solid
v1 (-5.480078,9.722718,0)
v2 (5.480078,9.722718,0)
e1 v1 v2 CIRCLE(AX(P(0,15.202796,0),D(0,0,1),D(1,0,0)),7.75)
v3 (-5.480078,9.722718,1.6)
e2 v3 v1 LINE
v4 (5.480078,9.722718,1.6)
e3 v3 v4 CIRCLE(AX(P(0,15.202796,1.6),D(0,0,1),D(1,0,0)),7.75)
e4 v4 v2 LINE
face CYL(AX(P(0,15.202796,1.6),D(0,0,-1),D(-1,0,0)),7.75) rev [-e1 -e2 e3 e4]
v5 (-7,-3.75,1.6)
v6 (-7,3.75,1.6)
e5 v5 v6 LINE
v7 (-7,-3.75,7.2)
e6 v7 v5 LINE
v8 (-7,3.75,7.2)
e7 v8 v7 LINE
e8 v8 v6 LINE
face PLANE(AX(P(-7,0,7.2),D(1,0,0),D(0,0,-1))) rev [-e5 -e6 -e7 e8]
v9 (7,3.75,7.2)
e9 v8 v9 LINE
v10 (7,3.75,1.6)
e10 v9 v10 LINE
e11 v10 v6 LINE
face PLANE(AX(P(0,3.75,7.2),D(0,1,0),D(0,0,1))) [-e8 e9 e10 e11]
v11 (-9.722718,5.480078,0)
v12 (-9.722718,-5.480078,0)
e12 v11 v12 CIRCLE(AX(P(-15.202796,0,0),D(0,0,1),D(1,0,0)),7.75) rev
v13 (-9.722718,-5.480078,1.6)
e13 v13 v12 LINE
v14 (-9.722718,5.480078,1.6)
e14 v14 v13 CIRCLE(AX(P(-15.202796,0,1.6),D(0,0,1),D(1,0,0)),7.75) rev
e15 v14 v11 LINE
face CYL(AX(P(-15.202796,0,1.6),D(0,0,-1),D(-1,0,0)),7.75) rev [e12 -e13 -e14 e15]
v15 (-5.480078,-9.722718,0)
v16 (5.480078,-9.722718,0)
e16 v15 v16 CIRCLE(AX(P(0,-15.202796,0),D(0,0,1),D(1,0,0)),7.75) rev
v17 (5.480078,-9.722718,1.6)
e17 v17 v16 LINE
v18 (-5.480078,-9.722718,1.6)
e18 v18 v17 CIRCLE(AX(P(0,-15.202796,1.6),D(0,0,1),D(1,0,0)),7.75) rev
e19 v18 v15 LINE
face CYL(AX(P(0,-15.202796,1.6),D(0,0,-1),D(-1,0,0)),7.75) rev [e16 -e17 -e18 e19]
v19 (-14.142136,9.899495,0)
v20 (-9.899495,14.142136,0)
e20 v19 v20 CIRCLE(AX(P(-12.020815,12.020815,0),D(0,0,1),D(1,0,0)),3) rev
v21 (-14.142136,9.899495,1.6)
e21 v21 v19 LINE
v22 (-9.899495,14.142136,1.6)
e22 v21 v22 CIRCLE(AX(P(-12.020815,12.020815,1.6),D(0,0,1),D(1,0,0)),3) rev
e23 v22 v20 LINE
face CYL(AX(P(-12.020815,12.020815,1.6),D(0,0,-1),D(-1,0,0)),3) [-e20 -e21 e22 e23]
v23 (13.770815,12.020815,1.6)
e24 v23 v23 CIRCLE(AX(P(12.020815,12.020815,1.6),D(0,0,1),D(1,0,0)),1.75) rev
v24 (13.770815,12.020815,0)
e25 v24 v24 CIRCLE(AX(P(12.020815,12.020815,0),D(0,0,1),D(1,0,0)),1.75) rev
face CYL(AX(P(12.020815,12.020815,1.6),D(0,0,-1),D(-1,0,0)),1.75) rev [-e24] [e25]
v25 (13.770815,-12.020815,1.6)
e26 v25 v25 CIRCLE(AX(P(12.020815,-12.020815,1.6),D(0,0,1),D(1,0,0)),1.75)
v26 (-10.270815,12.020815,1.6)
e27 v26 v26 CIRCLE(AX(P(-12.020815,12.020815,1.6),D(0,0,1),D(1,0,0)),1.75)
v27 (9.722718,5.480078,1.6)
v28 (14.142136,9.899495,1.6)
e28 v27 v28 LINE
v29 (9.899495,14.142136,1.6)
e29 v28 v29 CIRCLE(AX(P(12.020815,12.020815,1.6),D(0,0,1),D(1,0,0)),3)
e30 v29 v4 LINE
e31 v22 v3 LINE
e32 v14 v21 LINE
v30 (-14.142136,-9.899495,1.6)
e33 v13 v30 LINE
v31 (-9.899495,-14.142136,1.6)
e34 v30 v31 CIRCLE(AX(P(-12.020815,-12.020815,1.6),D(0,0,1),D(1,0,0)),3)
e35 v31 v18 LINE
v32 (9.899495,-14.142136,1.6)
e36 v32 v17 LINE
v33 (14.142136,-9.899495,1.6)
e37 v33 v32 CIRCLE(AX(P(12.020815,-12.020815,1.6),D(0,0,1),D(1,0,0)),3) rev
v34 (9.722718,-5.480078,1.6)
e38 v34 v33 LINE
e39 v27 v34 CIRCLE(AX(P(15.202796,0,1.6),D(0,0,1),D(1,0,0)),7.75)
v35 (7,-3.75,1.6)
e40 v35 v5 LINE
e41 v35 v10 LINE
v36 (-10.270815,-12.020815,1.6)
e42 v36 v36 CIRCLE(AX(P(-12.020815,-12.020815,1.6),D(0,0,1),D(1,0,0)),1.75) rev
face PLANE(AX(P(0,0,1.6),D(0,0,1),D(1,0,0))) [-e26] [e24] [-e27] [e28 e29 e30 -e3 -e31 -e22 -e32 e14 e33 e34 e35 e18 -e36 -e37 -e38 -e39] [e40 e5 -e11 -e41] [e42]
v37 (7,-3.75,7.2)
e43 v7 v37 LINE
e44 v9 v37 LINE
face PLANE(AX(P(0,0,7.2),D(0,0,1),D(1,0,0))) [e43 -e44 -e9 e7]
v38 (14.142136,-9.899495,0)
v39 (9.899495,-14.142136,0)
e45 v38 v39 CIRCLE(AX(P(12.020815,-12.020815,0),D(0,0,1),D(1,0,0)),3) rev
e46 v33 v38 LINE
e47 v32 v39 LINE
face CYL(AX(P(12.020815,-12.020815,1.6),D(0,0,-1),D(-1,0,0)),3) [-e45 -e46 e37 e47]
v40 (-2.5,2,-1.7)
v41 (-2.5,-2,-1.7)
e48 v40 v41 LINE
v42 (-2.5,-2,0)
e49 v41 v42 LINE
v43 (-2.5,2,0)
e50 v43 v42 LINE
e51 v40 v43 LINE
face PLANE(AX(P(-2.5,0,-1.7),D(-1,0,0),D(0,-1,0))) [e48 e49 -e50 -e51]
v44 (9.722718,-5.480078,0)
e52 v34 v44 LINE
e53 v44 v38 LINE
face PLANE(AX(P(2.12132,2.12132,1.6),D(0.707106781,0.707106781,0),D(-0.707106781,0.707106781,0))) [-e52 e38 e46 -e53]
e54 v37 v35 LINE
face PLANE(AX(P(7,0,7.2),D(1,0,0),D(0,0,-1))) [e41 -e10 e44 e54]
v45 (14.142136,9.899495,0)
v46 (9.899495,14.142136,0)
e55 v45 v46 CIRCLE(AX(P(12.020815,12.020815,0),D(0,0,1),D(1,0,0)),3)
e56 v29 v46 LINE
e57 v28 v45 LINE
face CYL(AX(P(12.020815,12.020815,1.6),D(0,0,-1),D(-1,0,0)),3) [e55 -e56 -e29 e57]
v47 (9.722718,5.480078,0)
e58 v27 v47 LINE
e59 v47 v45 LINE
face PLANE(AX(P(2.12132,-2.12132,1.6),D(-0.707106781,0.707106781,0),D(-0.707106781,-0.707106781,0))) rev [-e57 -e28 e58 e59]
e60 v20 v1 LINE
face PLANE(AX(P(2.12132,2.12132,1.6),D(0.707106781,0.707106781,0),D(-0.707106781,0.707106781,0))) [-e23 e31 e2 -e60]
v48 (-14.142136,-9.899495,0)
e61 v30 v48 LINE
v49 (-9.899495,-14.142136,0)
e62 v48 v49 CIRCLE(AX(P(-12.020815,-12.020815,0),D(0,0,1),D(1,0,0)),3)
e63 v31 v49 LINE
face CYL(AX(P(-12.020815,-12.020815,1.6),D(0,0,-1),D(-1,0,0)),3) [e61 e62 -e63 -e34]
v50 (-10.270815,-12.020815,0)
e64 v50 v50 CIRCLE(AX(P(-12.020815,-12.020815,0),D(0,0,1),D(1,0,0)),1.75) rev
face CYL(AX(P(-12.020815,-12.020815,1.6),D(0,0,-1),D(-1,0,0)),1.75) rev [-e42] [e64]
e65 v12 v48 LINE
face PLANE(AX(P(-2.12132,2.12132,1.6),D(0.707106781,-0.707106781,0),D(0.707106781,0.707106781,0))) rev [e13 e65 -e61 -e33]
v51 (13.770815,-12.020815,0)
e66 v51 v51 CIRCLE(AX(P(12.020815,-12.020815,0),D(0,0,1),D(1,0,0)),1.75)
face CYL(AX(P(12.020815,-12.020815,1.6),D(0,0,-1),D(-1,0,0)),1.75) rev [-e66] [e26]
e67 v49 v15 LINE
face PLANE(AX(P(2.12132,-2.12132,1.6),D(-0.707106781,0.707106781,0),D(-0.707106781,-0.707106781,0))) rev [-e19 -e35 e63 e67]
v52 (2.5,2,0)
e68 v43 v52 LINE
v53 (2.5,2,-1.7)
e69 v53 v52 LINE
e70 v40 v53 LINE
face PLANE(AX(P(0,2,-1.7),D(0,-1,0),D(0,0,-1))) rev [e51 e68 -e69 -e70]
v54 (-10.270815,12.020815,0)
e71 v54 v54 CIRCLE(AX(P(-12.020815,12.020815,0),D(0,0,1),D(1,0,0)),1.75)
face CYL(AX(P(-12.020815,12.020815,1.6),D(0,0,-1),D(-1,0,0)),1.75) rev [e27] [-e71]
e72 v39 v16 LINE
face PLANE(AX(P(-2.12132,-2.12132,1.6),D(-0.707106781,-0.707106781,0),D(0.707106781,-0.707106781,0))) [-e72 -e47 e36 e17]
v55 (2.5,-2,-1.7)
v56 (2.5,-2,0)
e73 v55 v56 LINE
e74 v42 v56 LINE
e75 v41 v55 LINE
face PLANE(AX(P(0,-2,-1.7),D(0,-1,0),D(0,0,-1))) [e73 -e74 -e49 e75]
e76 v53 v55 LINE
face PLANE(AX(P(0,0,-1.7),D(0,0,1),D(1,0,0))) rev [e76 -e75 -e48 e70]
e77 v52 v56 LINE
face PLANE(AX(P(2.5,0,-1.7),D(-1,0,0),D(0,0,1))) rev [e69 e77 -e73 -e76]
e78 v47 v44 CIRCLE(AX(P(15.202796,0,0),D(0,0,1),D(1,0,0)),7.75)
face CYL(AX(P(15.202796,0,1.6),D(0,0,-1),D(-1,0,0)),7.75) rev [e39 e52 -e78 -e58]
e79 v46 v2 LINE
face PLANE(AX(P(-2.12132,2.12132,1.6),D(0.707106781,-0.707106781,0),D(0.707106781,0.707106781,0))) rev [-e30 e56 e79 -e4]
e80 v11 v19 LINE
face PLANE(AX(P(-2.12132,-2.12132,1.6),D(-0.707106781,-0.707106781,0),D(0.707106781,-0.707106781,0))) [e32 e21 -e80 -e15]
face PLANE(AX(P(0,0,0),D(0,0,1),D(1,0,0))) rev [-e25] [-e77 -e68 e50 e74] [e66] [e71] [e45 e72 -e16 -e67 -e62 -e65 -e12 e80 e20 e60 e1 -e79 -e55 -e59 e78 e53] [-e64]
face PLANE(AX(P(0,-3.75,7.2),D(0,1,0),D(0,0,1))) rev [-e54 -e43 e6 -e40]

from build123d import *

# Parameters (mm, degrees)
SKETCH1_R           = 1.75
SKETCH1_W           = 5
SKETCH1_H           = 4
BOSS_EXTRUDE1_DEPTH = 1.6
SKETCH1_3_W         = 14
SKETCH1_3_H         = 7.5
BOSS_EXTRUDE2_DEPTH = 7.2
SKETCH1_5_W         = 5
SKETCH1_5_H         = 4
BOSS_EXTRUDE3_DEPTH = 1.7


with BuildPart() as part:
    # Sketch1 → Boss-Extrude1 (new body)
    with BuildSketch(Plane.XY):
        with BuildLine():
            Line((-14.142135624, 9.899494937), (-9.722718241, 5.480077554))
            ThreePointArc((-9.722718241, 5.480077554), (-7.452795796, 0), (-9.722718241, -5.480077554))
            Line((-9.722718241, -5.480077554), (-14.142135624, -9.899494937))
            ThreePointArc((-14.142135624, -9.899494937), (-14.142135624, -14.142135624), (-9.899494937, -14.142135624))
            Line((-9.899494937, -14.142135624), (-5.480077554, -9.722718241))
            ThreePointArc((-5.480077554, -9.722718241), (0, -7.452795796), (5.480077554, -9.722718241))
            Line((5.480077554, -9.722718241), (9.899494937, -14.142135624))
            ThreePointArc((9.899494937, -14.142135624), (14.142135624, -14.142135624), (14.142135624, -9.899494937))
            Line((14.142135624, -9.899494937), (9.722718241, -5.480077554))
            ThreePointArc((9.722718241, -5.480077554), (7.452795796, 0), (9.722718241, 5.480077554))
            Line((9.722718241, 5.480077554), (14.142135624, 9.899494937))
            ThreePointArc((14.142135624, 9.899494937), (14.142135624, 14.142135624), (9.899494937, 14.142135624))
            Line((9.899494937, 14.142135624), (5.480077554, 9.722718241))
            ThreePointArc((5.480077554, 9.722718241), (0, 7.452795796), (-5.480077554, 9.722718241))
            Line((-5.480077554, 9.722718241), (-9.899494937, 14.142135624))
            ThreePointArc((-9.899494937, 14.142135624), (-14.142135624, 14.142135624), (-14.142135624, 9.899494937))
        make_face()
        with Locations((-12.02081528, -12.02081528)):
            Circle(SKETCH1_R, mode=Mode.SUBTRACT)
        with Locations((12.02081528, -12.02081528)):
            Circle(SKETCH1_R, mode=Mode.SUBTRACT)
        with Locations((-12.02081528, 12.02081528)):
            Circle(SKETCH1_R, mode=Mode.SUBTRACT)
        with Locations((12.02081528, 12.02081528)):
            Circle(SKETCH1_R, mode=Mode.SUBTRACT)
        Rectangle(SKETCH1_W, SKETCH1_H, mode=Mode.SUBTRACT)
    extrude(amount=BOSS_EXTRUDE1_DEPTH)

    # Sketch1<3> → Boss-Extrude2 (add)
    with BuildSketch(Plane.XY):
        Rectangle(SKETCH1_3_W, SKETCH1_3_H)
    extrude(amount=BOSS_EXTRUDE2_DEPTH)

    # Sketch1<5> → Boss-Extrude3 (add)
    with BuildSketch(Plane.XY):
        Rectangle(SKETCH1_5_W, SKETCH1_5_H)
    extrude(amount=-BOSS_EXTRUDE3_DEPTH)


solid = part.part
